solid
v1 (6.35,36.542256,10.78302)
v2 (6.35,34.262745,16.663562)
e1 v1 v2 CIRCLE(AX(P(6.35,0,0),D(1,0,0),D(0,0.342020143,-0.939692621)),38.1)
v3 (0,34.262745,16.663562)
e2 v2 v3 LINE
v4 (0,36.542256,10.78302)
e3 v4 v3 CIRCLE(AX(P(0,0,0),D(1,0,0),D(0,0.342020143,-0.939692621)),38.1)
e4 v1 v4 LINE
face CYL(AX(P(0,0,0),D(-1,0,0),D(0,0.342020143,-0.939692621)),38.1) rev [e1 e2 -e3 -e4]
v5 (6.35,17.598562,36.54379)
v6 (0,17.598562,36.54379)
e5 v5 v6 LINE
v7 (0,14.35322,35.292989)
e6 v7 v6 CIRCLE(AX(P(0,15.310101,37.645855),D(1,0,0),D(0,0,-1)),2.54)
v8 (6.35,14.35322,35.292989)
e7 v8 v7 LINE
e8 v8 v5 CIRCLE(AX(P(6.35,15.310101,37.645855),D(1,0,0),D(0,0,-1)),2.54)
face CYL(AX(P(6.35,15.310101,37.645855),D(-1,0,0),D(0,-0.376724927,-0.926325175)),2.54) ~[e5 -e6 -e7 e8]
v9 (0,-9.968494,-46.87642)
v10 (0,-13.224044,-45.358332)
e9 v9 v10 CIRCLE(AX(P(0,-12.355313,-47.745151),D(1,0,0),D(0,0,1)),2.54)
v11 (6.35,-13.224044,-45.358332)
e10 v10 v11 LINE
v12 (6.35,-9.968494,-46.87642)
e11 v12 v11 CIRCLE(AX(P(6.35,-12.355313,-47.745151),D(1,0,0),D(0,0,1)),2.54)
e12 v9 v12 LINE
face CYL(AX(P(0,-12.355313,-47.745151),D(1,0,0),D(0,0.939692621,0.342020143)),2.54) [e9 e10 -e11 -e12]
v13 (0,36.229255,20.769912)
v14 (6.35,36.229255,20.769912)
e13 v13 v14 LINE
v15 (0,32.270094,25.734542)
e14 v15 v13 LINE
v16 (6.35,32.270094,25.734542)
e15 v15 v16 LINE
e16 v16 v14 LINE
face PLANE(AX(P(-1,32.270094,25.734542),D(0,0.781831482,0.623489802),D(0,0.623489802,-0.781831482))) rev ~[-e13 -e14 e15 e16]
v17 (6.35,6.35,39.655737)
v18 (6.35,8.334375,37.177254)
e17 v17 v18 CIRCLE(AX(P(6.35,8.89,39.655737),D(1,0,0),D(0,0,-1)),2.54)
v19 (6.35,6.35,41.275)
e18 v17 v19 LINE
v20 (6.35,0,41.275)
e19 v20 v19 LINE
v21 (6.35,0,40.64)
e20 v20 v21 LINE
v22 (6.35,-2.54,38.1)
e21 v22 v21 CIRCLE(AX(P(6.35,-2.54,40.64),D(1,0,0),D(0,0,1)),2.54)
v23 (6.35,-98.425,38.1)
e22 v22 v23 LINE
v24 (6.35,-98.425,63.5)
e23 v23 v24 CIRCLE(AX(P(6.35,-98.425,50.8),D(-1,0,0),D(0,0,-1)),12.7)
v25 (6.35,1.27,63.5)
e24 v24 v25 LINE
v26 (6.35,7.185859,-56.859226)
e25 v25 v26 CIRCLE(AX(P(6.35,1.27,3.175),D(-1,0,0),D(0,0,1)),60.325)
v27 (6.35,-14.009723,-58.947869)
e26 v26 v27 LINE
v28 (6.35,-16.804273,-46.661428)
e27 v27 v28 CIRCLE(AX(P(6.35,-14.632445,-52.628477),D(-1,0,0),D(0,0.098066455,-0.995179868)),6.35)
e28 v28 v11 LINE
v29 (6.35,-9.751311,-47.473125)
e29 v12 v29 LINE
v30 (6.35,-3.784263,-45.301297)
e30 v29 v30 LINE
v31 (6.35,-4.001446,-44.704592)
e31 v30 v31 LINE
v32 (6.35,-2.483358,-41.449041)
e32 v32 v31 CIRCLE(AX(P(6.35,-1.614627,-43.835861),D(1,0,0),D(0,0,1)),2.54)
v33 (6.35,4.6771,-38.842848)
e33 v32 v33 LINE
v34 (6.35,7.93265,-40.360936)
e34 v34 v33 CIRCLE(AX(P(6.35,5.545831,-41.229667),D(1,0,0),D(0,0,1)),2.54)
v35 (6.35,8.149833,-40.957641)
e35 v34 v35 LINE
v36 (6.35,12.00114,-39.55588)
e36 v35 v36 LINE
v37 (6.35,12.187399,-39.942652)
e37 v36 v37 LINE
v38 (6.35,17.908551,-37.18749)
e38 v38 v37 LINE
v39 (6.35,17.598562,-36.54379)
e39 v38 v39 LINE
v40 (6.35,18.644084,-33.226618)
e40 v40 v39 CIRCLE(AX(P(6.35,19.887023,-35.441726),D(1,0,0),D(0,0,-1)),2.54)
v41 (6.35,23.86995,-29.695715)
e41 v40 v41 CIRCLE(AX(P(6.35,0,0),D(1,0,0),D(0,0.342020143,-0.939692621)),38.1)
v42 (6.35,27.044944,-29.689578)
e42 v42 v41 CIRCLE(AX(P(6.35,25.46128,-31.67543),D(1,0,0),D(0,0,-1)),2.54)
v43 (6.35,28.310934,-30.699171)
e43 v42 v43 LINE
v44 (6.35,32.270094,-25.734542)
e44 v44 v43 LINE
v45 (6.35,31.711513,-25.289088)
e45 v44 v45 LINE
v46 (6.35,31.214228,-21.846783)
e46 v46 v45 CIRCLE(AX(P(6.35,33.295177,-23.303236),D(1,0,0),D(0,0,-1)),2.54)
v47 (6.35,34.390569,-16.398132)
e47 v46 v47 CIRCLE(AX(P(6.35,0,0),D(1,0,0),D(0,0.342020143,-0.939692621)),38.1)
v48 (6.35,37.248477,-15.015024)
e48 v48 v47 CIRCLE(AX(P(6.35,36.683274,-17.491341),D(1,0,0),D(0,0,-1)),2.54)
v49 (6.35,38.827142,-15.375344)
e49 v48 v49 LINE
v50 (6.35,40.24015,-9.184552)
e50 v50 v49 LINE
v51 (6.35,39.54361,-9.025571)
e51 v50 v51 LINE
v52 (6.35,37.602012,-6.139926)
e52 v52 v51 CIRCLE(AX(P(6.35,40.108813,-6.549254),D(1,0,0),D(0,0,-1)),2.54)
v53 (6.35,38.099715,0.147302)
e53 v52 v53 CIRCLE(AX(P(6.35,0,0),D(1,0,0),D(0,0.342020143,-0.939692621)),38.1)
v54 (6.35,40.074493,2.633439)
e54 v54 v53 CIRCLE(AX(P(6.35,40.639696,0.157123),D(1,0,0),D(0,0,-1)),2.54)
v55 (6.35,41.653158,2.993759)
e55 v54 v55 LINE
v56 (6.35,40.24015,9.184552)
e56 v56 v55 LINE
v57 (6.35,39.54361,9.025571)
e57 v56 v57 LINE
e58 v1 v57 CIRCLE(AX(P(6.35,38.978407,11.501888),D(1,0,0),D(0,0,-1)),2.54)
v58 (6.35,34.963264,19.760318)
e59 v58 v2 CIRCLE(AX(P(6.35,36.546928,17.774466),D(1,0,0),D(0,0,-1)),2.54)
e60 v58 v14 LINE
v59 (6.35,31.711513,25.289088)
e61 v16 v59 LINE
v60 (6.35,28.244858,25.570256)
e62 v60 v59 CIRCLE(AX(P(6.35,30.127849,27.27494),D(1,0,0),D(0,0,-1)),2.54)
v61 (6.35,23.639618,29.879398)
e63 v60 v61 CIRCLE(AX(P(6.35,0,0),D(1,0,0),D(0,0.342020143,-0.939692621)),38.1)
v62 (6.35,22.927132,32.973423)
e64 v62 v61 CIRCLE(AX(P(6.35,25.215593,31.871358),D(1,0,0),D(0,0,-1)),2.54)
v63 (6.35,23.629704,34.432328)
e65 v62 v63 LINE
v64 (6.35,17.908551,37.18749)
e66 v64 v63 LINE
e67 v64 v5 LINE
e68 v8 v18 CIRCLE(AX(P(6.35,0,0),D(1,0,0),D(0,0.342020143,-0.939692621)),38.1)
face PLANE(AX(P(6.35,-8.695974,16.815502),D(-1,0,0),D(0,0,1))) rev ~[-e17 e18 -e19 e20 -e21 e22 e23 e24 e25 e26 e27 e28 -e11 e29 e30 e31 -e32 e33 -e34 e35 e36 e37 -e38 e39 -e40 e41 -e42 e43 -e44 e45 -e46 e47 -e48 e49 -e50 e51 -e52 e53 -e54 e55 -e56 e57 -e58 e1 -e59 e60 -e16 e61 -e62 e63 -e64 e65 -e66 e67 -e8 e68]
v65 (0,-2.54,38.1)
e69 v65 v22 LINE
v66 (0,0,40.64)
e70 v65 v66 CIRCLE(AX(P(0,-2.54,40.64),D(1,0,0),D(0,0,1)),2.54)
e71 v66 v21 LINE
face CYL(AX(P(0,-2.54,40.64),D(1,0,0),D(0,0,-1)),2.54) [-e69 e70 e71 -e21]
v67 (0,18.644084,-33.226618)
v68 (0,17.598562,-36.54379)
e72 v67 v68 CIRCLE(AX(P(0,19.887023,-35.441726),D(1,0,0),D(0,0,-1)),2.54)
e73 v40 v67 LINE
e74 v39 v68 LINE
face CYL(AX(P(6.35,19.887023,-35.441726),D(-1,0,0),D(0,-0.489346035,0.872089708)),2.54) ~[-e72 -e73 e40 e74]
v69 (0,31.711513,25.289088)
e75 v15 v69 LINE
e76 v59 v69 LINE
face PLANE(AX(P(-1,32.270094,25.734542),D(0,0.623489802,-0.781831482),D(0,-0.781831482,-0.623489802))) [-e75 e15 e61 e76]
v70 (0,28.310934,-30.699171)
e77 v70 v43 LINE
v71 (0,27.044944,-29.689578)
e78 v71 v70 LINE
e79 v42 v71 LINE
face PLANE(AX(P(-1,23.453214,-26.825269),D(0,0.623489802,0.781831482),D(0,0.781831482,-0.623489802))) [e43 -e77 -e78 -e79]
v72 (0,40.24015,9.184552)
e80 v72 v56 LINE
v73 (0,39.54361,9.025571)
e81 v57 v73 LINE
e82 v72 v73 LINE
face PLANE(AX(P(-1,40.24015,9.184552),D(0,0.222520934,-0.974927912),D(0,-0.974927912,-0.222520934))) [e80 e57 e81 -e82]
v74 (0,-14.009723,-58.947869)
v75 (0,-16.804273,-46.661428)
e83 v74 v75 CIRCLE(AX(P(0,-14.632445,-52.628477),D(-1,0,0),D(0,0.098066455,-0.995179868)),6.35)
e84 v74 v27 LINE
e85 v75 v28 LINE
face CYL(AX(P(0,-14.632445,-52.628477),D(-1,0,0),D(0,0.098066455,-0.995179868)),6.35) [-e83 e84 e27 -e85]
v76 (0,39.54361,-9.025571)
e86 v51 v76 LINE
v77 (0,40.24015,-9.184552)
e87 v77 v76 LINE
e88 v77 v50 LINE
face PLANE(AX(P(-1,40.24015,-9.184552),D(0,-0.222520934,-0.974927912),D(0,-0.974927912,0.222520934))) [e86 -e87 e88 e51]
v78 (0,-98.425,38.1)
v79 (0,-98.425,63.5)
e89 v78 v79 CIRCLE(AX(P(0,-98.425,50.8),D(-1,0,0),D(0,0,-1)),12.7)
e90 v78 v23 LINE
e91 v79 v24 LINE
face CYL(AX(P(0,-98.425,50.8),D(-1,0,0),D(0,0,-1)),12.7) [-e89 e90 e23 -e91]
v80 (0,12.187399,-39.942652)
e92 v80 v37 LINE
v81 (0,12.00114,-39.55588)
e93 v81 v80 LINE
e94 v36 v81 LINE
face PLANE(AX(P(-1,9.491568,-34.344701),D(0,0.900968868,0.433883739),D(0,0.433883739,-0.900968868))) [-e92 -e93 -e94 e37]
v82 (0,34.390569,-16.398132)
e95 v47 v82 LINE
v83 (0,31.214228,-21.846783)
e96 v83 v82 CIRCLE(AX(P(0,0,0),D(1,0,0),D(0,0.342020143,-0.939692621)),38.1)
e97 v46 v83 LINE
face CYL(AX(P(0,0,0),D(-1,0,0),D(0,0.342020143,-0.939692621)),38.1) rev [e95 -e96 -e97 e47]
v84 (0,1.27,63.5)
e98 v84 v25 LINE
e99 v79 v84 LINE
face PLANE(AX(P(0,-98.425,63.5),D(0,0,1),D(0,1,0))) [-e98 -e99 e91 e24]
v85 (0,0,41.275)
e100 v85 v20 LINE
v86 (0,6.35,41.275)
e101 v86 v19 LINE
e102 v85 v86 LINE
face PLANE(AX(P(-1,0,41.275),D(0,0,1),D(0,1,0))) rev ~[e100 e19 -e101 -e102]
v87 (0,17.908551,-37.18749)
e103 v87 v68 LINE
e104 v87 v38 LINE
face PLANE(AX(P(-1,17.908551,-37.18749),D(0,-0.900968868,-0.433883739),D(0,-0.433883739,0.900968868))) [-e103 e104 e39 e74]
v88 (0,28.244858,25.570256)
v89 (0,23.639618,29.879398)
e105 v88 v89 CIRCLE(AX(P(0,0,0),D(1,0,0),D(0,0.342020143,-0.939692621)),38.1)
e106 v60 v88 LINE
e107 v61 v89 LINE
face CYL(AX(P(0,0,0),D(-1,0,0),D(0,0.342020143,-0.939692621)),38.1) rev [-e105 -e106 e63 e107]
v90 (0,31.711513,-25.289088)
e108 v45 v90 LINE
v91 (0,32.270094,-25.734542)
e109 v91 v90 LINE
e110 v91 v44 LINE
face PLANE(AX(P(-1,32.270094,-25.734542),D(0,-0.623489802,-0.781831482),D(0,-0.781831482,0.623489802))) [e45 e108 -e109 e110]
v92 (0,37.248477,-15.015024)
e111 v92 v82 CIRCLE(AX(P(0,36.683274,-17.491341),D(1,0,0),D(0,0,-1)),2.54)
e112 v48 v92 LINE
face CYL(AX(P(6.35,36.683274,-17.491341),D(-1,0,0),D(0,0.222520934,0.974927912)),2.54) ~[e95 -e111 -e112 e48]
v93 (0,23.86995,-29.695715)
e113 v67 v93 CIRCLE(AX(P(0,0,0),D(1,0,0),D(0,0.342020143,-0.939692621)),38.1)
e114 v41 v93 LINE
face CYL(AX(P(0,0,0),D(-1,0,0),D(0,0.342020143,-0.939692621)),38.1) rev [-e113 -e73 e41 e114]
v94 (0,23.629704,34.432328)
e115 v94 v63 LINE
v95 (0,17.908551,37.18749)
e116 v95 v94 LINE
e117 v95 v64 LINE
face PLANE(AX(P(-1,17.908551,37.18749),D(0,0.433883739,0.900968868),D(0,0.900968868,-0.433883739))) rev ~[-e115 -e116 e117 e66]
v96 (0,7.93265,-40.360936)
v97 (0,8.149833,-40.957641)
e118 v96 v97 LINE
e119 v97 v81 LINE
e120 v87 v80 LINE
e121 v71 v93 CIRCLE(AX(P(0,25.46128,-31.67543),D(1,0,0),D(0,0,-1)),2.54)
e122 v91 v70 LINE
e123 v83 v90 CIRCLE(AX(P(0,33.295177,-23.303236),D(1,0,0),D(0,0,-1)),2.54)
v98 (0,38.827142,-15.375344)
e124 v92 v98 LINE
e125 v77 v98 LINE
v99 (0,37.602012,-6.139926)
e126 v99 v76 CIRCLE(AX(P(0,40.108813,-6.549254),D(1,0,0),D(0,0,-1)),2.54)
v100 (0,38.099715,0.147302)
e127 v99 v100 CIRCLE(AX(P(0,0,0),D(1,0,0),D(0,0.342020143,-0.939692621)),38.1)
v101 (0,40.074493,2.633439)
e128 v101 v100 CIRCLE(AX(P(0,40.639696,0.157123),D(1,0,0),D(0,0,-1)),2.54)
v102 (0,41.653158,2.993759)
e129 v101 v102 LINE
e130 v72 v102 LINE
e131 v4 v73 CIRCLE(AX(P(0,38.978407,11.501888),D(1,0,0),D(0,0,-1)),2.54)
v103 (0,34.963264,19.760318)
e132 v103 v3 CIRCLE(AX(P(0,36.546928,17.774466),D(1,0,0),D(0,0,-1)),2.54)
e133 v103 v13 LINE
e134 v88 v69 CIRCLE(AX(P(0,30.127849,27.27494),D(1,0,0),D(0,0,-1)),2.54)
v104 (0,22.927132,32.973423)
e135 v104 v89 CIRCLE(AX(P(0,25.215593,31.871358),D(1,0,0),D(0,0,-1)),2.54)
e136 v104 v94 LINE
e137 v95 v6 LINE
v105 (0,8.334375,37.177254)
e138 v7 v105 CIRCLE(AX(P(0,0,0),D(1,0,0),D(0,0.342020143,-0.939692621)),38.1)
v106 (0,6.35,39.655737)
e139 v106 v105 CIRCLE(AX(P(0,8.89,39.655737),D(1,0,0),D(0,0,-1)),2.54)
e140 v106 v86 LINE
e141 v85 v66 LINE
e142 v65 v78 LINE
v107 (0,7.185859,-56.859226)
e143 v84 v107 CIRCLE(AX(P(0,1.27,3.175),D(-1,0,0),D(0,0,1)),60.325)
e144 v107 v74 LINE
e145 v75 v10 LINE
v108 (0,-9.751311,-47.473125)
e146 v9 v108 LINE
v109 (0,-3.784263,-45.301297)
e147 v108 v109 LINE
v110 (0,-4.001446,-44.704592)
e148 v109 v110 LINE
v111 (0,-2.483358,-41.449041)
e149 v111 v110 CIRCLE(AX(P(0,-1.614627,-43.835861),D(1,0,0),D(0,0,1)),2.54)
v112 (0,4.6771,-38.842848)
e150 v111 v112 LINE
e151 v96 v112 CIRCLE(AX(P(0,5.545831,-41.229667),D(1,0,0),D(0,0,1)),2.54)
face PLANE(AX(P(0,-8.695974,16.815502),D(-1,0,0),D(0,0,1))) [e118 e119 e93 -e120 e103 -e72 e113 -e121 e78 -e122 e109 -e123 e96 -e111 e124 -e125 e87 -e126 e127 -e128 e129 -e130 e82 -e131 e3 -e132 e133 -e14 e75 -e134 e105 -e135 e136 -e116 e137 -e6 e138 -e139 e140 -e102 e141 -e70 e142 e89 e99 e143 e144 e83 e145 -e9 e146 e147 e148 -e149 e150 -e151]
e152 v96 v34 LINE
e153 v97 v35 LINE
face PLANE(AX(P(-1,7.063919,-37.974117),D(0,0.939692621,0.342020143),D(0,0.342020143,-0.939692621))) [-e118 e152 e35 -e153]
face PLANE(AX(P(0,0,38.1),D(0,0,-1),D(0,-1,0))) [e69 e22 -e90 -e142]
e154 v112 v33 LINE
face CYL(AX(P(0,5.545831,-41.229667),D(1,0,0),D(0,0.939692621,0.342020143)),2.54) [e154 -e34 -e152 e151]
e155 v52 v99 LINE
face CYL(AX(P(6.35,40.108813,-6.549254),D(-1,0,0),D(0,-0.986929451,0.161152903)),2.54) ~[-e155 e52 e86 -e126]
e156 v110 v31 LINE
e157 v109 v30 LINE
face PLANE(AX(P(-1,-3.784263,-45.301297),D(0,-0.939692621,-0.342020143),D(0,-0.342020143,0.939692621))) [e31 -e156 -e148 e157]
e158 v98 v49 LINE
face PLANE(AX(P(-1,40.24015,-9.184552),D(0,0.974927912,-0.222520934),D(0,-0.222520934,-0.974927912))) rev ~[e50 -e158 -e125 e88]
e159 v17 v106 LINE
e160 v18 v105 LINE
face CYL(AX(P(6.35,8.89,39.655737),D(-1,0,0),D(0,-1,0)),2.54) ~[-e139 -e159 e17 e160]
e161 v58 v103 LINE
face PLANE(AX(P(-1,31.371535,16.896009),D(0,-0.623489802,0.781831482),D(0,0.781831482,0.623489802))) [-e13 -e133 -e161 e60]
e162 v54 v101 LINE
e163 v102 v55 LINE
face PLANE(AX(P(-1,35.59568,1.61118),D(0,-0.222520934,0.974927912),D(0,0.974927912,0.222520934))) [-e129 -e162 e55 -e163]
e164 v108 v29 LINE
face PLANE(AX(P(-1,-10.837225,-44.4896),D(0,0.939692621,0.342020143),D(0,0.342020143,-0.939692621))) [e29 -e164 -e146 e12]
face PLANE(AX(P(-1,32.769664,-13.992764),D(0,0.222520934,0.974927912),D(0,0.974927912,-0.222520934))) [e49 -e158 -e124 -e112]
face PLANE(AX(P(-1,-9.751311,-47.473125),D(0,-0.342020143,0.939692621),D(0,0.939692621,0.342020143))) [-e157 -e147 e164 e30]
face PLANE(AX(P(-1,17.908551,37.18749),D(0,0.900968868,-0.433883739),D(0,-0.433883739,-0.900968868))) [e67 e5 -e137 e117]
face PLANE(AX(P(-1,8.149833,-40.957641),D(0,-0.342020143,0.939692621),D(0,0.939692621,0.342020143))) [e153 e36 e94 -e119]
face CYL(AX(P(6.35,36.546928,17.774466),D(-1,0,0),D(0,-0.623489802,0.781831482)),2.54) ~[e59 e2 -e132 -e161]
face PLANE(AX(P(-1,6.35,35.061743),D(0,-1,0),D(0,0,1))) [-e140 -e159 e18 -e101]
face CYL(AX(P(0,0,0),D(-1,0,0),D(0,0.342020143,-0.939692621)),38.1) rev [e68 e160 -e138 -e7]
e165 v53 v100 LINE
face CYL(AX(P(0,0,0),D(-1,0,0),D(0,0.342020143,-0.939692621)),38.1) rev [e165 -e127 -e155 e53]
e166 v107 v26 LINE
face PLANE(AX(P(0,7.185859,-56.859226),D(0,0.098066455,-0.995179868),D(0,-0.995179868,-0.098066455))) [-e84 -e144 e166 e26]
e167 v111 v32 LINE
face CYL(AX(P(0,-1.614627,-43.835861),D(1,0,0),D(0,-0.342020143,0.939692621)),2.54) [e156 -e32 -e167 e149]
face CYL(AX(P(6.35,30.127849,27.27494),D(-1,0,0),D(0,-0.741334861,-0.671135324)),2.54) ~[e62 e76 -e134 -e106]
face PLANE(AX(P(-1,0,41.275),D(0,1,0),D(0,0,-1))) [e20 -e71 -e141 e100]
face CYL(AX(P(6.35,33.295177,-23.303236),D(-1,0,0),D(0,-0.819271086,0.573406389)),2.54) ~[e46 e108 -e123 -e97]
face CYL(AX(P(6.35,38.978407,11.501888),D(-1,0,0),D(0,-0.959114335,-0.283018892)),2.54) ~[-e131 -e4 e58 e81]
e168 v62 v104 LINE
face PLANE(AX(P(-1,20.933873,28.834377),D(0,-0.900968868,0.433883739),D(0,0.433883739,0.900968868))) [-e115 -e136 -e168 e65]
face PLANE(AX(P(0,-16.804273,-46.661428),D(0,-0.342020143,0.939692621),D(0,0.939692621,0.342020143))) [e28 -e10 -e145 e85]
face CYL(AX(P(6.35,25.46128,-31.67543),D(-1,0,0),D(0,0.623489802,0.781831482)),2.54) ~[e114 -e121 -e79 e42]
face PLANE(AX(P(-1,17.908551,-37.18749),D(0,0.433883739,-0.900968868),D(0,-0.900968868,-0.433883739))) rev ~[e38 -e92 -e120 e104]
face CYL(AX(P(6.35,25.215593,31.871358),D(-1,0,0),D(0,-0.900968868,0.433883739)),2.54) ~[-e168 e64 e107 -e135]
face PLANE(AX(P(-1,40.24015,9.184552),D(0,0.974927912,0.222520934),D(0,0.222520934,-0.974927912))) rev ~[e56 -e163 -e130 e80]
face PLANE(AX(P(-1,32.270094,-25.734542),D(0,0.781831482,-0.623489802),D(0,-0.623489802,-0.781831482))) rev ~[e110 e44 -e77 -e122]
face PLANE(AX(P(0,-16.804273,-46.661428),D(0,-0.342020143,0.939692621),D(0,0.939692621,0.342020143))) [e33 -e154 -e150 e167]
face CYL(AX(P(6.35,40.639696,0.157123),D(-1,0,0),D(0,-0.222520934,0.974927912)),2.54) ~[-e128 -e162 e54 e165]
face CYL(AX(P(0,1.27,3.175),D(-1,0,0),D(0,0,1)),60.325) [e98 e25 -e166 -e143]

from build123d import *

# Parameters (mm, degrees)
BOSS_EXTRUDE1_DEPTH = 6.35
CUT_EXTRUDE1_START  = -7.35
CUT_EXTRUDE1_DEPTH  = 8.35
LPATTERN1_COUNT     = 2
LPATTERN1_PITCH     = 19.05
CUT_EXTRUDE2_START  = -7.35
CUT_EXTRUDE2_DEPTH  = 8.35
CIRPATTERN2_COUNT   = 8
CIRPATTERN2_ANGLE   = 180
FILLET1_R           = 2.54


with BuildPart() as part:
    # Sketch1 → Boss-Extrude1 (new body)
    with BuildSketch(Plane(origin=(0, 0, 0), x_dir=(0, 0, -1), z_dir=(1, 0, 0))):
        with BuildLine():
            Line((-63.5, -98.425), (-63.5, 1.27))
            ThreePointArc((-63.5, 1.27), (-6.13650031, 61.522262538), (56.859225559, 7.185858903))
            Line((56.859225559, 7.185858903), (58.947868709, -14.009723349))
            ThreePointArc((58.947868709, -14.009723349), (54.036813814, -20.824301776), (46.661428403, -16.804273249))
            Line((46.661428403, -16.804273249), (35.802288852, 13.030967461))
            ThreePointArc((35.802288852, 13.030967461), (-6.615995569, 37.52117539), (-38.1, 0))
            Line((-38.1, 0), (-38.1, -98.425))
            ThreePointArc((-38.1, -98.425), (-50.8, -111.125), (-63.5, -98.425))
        make_face()
    extrude(amount=BOSS_EXTRUDE1_DEPTH)

    # Sketch4 → Cut-Extrude1 (cut)
    with BuildSketch(Plane(origin=(6.35, 0, 0), x_dir=(0, 0, -1), z_dir=(1, 0, 0)).offset(CUT_EXTRUDE1_START)):
        Polygon((44.489600492, -10.837225107), (47.473124563, -9.751311152), (45.301296653, -3.78426301), (42.317772582, -4.870176965), align=None)
    cut_extrude1 = extrude(amount=CUT_EXTRUDE1_DEPTH, mode=Mode.SUBTRACT)

    # LPattern1: Cut-Extrude1 ×2
    with Locations(*[Vector(0, 0.939692621, 0.342020143) * (i * LPATTERN1_PITCH) for i in range(1, LPATTERN1_COUNT)]):
        add(cut_extrude1, mode=Mode.SUBTRACT)

    # Sketch5 → Cut-Extrude2 (cut)
    with BuildSketch(Plane(origin=(6.35, 0, 0), x_dir=(0, 0, -1), z_dir=(1, 0, 0)).offset(CUT_EXTRUDE2_START)):
        Polygon((-38.1, 0), (-41.275, 0), (-41.275, 6.35), (-38.1, 6.35), (-35.06174314, 6.35), (-35.06174314, 0), align=None)
    cut_extrude2 = extrude(amount=CUT_EXTRUDE2_DEPTH, mode=Mode.SUBTRACT)

    # CirPattern2: Cut-Extrude2 ×8 about axis, 1 skipped
    cirpattern2_axis = Axis((0, 0, 0), (-1, 0, 0))
    add([cut_extrude2.rotate(cirpattern2_axis, i * CIRPATTERN2_ANGLE / (CIRPATTERN2_COUNT - 1)) for i in range(1, CIRPATTERN2_COUNT) if i not in (7,)], mode=Mode.SUBTRACT)

    # Fillet1
    fillet1_edges = [part.edges().sort_by_distance(p)[0] for p in [
        (3.175, 16.53097046, 34.326913867),
        (3.175, 22.020909, 31.091631781),
        (3.175, 29.787779482, 23.754961451),
        (3.175, 33.330306905, 18.458077951),
        (3.175, 37.144753454, 8.478047584),
        (3.175, 38.038228757, 2.168675409),
        (3.175, 37.144753454, -8.478047584),
        (3.175, 0, 38.1),
        (3.175, 35.212212896, -14.550259894),
        (3.175, 29.787779482, -23.754961451),
        (3.175, 25.411986421, -28.387337778),
        (3.175, 16.53097046, -34.326913867),
        (3.175, -10.837225107, -44.489600492),
        (3.175, -4.870176965, -42.317772582),
        (3.175, 7.063919319, -37.974116762),
        (3.175, 6.35, 37.567106623),
    ]]
    fillet(fillet1_edges, radius=FILLET1_R)


solid = part.part
